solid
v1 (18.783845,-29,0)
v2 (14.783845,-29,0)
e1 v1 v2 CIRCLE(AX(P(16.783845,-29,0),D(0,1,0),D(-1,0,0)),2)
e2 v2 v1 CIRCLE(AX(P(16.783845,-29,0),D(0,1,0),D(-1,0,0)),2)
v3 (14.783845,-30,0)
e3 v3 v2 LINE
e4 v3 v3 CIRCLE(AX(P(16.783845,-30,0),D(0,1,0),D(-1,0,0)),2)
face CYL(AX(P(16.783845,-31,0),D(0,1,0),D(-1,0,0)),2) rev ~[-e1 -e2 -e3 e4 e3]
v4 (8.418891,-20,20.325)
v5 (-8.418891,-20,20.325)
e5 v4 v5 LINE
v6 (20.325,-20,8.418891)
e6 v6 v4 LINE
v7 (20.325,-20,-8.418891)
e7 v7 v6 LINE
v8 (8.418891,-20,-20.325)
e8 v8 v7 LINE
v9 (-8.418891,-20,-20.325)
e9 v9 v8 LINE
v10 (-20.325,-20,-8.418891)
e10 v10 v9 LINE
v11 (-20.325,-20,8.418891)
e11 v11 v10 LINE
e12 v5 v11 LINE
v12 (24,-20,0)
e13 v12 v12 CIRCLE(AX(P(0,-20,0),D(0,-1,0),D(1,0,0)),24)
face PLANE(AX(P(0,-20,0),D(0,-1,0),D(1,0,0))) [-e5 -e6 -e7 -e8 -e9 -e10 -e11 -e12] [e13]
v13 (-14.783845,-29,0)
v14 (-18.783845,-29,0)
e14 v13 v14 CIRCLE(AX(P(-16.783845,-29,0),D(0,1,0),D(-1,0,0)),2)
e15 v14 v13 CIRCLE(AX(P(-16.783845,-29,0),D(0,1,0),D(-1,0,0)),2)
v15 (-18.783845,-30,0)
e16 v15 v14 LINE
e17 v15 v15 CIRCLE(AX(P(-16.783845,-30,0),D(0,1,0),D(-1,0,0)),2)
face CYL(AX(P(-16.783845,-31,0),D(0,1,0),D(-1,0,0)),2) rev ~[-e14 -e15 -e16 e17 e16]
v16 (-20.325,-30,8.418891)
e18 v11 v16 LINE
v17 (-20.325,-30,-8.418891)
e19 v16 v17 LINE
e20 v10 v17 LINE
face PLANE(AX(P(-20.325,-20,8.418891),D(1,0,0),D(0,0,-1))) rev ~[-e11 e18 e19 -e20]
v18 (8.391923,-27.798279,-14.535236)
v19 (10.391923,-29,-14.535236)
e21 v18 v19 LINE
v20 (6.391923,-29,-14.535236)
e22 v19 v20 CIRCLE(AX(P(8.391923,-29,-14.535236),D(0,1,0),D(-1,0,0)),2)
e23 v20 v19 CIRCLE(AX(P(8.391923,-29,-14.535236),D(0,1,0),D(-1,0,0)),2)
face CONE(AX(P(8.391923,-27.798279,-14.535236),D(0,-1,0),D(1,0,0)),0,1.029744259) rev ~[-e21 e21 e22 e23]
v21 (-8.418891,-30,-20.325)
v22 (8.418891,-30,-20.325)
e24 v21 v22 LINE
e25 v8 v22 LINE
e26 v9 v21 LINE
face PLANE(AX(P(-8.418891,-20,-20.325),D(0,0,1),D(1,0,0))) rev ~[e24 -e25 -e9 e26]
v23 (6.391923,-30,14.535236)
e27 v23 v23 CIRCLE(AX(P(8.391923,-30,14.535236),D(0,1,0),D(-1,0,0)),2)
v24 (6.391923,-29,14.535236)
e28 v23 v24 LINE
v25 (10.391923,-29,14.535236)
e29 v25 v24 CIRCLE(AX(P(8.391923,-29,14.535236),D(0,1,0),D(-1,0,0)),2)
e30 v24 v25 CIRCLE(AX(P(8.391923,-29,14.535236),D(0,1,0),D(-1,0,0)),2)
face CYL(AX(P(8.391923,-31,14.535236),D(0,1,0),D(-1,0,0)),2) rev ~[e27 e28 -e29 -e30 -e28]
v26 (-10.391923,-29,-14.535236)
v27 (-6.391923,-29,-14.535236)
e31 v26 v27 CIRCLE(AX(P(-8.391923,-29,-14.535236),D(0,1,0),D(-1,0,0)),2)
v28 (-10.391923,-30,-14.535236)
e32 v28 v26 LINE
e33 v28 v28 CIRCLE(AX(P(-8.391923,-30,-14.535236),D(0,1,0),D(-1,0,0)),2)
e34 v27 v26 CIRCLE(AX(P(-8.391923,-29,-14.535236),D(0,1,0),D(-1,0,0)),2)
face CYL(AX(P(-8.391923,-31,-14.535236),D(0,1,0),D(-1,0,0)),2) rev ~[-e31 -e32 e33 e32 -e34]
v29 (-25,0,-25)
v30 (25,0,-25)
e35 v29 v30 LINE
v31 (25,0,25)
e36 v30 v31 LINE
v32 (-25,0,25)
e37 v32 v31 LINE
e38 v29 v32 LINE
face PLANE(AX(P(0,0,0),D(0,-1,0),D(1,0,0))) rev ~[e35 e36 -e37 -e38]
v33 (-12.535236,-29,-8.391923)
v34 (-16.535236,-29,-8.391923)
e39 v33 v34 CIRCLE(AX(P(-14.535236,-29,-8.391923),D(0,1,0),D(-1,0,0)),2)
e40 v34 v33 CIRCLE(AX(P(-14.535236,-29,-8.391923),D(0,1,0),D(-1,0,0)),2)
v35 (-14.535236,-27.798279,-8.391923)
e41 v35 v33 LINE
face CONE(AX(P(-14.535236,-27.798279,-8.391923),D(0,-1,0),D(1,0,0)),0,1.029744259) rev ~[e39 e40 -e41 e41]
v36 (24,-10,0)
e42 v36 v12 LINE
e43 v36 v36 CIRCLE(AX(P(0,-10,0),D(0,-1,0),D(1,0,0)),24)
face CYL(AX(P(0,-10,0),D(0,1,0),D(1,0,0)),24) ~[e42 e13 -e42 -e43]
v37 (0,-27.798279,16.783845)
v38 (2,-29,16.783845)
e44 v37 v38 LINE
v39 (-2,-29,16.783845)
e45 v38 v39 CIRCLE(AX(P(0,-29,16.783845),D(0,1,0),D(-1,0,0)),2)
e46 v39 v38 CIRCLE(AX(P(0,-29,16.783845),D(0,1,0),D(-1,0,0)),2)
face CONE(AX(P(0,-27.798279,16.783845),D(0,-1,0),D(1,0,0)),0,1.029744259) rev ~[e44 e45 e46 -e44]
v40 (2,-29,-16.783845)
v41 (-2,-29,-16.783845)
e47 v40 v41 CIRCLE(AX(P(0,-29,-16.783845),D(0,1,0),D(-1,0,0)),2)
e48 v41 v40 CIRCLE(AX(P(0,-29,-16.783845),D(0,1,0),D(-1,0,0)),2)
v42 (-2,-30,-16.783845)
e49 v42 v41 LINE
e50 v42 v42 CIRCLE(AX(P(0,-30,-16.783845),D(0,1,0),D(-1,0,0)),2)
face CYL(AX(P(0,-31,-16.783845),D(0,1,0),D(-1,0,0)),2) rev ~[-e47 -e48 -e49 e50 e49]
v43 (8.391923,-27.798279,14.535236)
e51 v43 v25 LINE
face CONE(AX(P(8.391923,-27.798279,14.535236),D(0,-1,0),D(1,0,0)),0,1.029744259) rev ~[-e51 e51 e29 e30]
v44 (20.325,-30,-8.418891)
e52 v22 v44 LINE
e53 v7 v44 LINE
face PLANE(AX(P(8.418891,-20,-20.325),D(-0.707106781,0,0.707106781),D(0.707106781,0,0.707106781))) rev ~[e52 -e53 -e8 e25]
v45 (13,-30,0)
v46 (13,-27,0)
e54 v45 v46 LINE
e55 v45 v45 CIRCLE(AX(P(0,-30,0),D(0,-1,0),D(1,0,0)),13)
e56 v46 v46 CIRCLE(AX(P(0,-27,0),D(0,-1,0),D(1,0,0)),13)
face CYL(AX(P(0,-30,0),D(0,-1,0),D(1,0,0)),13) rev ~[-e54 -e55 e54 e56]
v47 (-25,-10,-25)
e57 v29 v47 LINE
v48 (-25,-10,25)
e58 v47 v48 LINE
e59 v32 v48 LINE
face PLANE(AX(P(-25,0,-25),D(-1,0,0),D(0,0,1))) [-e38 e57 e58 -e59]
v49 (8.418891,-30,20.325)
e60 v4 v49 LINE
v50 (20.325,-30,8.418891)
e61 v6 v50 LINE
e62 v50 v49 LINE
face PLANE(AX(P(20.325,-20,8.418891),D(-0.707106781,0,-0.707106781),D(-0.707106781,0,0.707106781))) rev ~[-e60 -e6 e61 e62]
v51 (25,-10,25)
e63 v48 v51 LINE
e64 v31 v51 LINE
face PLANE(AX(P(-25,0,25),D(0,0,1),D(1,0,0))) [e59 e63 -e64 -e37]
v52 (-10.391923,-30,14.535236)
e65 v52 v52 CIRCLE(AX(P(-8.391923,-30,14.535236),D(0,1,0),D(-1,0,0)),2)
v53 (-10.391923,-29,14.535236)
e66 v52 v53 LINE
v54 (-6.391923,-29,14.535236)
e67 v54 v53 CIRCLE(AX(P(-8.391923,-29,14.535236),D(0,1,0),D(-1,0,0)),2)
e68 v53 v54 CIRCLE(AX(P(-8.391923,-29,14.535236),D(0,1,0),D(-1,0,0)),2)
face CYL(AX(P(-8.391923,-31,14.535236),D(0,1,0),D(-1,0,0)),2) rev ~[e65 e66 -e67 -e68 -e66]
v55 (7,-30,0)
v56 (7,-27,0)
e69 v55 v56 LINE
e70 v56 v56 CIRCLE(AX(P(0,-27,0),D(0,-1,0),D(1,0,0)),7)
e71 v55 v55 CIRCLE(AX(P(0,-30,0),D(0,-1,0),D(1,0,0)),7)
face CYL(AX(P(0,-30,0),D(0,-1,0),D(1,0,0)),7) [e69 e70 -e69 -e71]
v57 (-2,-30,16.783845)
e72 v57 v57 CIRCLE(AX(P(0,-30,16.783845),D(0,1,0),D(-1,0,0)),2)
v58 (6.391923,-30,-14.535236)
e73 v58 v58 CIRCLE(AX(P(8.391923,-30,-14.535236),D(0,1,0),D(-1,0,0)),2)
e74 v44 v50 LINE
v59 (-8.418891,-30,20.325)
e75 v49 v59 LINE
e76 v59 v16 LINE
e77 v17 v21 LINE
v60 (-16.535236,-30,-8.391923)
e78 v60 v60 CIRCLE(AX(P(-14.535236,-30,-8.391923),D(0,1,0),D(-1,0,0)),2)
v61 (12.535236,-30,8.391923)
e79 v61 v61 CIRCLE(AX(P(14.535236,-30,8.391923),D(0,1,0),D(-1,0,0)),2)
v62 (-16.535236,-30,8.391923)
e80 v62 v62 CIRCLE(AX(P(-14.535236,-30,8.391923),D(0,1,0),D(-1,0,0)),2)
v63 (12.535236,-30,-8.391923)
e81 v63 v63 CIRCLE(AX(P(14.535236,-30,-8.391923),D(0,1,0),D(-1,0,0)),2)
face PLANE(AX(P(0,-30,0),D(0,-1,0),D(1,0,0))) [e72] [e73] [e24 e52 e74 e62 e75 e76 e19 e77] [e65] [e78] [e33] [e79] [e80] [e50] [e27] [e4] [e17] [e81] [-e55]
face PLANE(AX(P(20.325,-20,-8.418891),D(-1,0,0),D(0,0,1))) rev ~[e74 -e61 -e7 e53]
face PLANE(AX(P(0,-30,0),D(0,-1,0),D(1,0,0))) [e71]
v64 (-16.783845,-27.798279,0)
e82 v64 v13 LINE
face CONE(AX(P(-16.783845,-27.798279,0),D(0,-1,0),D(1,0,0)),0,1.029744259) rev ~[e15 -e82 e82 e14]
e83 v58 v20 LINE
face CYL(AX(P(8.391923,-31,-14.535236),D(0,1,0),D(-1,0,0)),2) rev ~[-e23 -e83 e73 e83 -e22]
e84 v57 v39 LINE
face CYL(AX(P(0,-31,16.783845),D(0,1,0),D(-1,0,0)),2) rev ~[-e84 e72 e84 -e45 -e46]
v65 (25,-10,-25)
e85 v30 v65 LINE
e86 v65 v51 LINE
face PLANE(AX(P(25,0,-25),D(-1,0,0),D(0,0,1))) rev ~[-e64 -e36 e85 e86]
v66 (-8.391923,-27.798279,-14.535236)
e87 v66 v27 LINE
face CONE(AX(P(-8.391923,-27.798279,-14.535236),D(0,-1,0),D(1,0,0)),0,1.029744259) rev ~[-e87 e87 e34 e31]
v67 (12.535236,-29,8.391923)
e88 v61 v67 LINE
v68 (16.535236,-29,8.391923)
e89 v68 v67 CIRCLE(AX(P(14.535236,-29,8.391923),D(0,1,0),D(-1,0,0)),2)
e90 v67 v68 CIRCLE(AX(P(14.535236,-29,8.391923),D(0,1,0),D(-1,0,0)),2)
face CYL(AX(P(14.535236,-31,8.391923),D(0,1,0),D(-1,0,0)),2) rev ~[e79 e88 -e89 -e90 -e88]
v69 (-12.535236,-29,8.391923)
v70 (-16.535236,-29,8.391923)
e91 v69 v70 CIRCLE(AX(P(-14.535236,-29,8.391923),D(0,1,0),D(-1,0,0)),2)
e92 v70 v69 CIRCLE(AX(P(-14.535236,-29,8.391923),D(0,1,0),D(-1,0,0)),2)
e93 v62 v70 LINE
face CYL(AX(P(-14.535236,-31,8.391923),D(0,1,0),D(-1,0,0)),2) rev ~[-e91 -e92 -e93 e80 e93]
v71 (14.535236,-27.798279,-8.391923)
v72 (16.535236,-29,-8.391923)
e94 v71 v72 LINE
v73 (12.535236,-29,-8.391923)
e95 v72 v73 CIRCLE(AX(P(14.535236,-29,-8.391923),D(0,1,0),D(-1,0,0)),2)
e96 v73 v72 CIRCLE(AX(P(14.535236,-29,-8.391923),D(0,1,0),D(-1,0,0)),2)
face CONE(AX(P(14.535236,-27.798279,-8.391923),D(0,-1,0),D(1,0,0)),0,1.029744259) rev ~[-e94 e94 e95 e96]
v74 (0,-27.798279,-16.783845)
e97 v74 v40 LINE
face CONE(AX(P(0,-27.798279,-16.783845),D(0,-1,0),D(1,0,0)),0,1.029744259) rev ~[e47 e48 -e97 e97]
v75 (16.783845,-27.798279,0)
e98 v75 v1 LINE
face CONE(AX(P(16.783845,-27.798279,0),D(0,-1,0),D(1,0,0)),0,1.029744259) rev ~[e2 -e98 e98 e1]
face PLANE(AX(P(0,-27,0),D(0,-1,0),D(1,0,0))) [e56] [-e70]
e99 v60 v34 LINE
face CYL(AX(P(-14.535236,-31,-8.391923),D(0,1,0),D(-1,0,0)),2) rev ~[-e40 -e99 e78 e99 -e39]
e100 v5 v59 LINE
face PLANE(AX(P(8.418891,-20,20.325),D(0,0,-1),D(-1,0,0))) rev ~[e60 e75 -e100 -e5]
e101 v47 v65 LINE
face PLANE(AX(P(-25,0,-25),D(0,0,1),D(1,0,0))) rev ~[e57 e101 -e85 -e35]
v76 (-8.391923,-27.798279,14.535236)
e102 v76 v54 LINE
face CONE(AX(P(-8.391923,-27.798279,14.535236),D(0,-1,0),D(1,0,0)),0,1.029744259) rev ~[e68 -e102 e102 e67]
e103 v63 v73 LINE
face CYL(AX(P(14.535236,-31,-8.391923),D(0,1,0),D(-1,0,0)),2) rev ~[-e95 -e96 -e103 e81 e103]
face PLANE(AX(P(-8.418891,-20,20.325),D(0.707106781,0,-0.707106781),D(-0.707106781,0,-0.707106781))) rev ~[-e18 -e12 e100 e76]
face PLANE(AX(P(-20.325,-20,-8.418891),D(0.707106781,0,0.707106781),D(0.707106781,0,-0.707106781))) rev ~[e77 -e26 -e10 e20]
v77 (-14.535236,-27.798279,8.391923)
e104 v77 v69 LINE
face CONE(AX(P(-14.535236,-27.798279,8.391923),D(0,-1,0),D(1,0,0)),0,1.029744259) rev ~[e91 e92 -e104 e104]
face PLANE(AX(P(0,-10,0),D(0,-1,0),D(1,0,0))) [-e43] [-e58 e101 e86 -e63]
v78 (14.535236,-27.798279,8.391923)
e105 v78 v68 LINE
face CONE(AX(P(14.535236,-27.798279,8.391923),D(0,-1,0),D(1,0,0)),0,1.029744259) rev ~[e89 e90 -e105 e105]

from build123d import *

# Parameters (mm, degrees)
F0_W     = 50
F0_H     = 50
F1_DEPTH = 10
F2_R     = 24
F3_DEPTH = 10
F5_DEPTH = 10
F7_D     = 4
F7_DEPTH = 1
F7_TIP   = 1.2017212381
F8_R     = 13
F8_R_2   = 7
F9_DEPTH = 3


with BuildPart() as f1:
    # F0 (on Front) → F1 (new body)
    with BuildSketch(Plane.XZ):
        Rectangle(F0_W, F0_H)
    extrude(amount=F1_DEPTH)

    # F2 (on face) → F3 (join)
    with BuildSketch(Plane.XZ.offset(10)):
        Circle(F2_R)
    extrude(amount=F3_DEPTH)

    # F4 (on face) → F5 (join)
    with BuildSketch(Plane.XZ.offset(20)):
        Polygon((20.325, 8.4188906552), (8.4188906552, 20.325), (0, 20.325), (-8.4188906552, 20.325), (-20.325, 8.4188906552), (-20.325, -8.4188906552), (-8.4188906552, -20.325), (8.4188906552, -20.325), (20.325, -8.4188906552), align=None)
    extrude(amount=F5_DEPTH)

    # F7
    with Locations(Plane.XZ.offset(30)):
        with Locations((-8.3919226456, 14.5352363953), (0, 16.7838452912), (8.3919226456, 14.5352363953), (14.5352363953, 8.3919226456), (16.7838452912, 0), (14.5352363953, -8.3919226456), (8.3919226456, -14.5352363953), (0, -16.7838452912), (-8.3919226456, -14.5352363953), (-14.5352363953, -8.3919226456), (-16.7838452912, 0), (-14.5352363953, 8.3919226456)):
            Hole(F7_D / 2, depth=F7_DEPTH)
            with Locations((0, 0, -(F7_DEPTH + F7_TIP / 2))):  # 118° drill point
                Cone(0, F7_D / 2, F7_TIP, mode=Mode.SUBTRACT)

    # F8 (on face) → F9 (cut)
    with BuildSketch(Plane.XZ.offset(30)):
        Circle(F8_R)
        Circle(F8_R_2, mode=Mode.SUBTRACT)
    extrude(amount=-F9_DEPTH, mode=Mode.SUBTRACT)


solid = f1.part
